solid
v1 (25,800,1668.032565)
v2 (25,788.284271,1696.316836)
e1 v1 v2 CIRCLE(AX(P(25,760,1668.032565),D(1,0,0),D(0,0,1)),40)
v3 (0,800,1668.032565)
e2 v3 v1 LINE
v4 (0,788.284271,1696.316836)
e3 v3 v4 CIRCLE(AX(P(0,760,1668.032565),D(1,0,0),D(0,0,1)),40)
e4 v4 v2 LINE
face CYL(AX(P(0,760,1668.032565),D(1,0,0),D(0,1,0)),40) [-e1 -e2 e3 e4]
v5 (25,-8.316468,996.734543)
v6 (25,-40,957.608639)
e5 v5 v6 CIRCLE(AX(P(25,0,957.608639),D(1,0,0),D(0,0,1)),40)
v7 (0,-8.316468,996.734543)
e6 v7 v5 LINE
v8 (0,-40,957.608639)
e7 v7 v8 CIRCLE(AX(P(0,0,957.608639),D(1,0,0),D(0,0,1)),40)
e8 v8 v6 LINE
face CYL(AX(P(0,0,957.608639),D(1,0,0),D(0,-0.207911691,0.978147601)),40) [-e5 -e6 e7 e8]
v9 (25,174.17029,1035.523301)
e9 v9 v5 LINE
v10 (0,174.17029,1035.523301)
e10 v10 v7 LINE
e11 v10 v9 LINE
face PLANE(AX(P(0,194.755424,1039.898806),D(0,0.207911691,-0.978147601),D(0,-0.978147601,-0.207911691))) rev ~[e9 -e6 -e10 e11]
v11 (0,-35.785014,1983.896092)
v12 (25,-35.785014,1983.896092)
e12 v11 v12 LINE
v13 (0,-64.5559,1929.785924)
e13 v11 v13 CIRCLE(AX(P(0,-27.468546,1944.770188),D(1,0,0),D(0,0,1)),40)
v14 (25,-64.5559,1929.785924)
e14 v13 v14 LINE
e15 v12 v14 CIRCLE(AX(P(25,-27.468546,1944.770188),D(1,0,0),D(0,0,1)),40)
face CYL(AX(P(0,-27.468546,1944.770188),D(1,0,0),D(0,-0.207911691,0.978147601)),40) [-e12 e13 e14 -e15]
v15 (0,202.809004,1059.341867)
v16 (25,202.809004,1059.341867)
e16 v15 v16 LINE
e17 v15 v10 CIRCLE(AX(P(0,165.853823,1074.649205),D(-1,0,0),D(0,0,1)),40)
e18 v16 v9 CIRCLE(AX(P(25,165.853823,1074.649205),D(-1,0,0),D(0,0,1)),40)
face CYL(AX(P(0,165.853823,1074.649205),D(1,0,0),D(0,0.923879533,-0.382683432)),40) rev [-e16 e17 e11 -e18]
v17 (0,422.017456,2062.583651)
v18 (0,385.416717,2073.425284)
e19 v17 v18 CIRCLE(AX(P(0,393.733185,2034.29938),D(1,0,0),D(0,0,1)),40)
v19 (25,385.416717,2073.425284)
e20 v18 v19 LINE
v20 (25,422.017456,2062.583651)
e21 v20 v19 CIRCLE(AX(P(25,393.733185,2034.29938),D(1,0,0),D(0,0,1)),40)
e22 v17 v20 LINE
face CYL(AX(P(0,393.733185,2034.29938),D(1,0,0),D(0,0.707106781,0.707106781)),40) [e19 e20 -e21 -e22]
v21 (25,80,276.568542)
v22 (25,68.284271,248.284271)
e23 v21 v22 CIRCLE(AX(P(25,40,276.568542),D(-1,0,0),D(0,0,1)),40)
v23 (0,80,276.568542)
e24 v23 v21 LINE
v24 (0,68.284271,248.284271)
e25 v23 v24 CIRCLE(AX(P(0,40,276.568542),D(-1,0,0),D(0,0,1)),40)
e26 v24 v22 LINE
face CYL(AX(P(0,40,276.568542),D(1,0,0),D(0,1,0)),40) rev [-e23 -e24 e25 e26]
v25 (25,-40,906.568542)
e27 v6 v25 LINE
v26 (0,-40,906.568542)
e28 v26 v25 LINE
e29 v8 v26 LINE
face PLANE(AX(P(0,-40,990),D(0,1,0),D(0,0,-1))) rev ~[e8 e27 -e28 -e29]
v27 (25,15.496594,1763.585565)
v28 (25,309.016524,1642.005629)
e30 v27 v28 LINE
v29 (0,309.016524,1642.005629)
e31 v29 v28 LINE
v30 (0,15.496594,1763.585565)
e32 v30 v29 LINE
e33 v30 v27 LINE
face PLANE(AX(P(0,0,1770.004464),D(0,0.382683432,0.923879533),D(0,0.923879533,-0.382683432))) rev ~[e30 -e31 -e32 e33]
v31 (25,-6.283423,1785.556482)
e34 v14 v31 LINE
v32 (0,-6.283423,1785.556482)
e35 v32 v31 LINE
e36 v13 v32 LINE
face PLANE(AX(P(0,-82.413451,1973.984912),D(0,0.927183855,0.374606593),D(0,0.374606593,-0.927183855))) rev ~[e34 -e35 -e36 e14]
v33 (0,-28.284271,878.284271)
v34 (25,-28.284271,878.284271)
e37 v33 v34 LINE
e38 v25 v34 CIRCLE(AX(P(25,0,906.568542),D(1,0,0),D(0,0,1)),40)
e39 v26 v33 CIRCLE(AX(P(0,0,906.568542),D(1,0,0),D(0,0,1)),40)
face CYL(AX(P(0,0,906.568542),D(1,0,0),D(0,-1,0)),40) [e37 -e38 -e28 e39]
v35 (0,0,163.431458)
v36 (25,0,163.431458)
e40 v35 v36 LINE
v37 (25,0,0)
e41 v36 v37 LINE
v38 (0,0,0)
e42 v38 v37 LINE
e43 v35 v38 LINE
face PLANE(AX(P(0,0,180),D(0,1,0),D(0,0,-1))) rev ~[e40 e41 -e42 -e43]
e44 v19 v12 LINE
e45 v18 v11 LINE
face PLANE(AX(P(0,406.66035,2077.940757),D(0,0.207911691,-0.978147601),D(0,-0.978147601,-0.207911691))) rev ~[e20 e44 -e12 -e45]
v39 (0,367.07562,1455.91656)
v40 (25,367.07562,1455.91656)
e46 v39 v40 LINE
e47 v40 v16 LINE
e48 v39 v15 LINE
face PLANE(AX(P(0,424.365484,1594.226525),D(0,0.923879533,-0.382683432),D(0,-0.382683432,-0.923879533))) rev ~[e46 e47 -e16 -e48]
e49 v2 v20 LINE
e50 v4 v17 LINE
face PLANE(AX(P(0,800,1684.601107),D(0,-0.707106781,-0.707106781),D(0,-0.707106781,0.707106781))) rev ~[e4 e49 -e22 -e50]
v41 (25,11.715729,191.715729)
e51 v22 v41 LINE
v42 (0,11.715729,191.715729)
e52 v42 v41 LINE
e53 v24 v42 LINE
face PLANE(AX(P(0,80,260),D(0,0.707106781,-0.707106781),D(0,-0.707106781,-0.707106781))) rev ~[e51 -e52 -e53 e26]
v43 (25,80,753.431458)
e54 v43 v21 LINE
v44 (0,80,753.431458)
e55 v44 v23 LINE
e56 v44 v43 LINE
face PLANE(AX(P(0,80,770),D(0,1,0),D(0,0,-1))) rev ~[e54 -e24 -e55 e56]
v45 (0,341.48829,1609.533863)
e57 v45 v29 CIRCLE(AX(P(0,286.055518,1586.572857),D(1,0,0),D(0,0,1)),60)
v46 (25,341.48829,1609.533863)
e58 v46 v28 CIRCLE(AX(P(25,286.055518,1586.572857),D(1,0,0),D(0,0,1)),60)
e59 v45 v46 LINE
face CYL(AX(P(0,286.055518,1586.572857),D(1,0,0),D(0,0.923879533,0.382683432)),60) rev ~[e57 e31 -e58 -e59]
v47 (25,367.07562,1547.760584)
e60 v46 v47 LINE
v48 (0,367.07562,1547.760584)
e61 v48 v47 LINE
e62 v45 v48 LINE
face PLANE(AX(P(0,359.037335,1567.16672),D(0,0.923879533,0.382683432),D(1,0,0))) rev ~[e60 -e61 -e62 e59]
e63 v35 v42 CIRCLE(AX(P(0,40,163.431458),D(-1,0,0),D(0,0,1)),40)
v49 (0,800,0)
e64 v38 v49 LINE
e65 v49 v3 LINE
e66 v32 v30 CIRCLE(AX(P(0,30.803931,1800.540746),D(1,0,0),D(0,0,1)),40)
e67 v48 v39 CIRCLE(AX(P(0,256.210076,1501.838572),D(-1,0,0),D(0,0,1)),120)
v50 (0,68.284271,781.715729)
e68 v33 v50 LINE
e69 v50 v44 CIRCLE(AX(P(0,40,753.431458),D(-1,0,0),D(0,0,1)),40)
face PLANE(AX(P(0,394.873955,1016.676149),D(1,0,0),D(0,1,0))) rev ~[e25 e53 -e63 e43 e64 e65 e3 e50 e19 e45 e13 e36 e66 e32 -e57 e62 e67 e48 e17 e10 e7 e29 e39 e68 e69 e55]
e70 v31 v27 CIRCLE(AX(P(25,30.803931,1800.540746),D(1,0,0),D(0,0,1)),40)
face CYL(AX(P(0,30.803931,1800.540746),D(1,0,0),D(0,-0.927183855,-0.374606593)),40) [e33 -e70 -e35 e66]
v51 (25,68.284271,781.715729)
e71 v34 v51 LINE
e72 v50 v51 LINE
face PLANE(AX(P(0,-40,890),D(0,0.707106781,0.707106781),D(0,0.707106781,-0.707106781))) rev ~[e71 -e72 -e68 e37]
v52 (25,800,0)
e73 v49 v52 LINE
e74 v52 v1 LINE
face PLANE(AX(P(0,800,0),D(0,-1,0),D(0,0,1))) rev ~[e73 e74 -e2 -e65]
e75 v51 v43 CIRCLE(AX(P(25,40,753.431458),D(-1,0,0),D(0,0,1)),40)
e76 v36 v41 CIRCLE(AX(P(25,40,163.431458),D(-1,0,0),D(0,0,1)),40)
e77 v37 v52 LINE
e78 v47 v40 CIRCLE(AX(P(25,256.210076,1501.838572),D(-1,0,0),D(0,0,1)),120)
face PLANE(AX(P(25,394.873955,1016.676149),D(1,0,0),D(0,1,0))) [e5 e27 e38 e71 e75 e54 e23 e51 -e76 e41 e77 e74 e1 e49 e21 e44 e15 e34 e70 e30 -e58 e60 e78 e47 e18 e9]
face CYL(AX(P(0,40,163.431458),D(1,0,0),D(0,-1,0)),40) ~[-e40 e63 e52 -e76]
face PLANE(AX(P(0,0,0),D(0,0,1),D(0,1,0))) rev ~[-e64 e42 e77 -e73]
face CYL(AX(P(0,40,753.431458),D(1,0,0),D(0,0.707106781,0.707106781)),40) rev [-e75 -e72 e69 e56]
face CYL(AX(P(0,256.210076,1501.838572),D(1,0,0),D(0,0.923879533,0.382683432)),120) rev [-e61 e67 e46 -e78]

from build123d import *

# Parameters (mm, degrees)
F1_DEPTH = 25
F2_R     = 40
F3_SIZE  = 100
F4_R     = 120
F5_R     = 60


with BuildPart() as f1:
    # F0 (on Right) → F1 (new body)
    with BuildSketch(Plane.YZ):
        Polygon((0, 180), (0, 0), (800, 0), (800, 1684.6011072401), (406.6603498154, 2077.9407574247), (-82.4134505515, 1973.9849120159), (0, 1770.0044640112), (424.3654835952, 1594.226525303), (194.7554241761, 1039.8988057963), (-40, 990), (-40, 890), (80, 770), (80, 260), align=None)
    extrude(amount=F1_DEPTH)

    # F2
    f2_edges = [f1.edges().sort_by_distance(p)[0] for p in [
        (12.5, 194.755424, 1039.898806),
        (12.5, 0, 1770.004464),
        (12.5, -82.413451, 1973.984912),
        (12.5, 406.66035, 2077.940757),
        (12.5, 800, 1684.601107),
        (12.5, -40, 990),
        (12.5, -40, 890),
        (12.5, 80, 770),
        (12.5, 80, 260),
        (12.5, 0, 180),
    ]]
    fillet(f2_edges, radius=F2_R)

    # F3
    f3_edges = [f1.edges().sort_by_distance(p)[0] for p in [
        (12.5, 424.365484, 1594.226525),
    ]]
    chamfer(f3_edges, length=F3_SIZE)

    # F4
    f4_edges = [f1.edges().sort_by_distance(p)[0] for p in [
        (12.5, 386.09714, 1501.838572),
    ]]
    fillet(f4_edges, radius=F4_R)

    # F5
    f5_edges = [f1.edges().sort_by_distance(p)[0] for p in [
        (12.5, 331.97753, 1632.494869),
    ]]
    fillet(f5_edges, radius=F5_R)


solid = f1.part
